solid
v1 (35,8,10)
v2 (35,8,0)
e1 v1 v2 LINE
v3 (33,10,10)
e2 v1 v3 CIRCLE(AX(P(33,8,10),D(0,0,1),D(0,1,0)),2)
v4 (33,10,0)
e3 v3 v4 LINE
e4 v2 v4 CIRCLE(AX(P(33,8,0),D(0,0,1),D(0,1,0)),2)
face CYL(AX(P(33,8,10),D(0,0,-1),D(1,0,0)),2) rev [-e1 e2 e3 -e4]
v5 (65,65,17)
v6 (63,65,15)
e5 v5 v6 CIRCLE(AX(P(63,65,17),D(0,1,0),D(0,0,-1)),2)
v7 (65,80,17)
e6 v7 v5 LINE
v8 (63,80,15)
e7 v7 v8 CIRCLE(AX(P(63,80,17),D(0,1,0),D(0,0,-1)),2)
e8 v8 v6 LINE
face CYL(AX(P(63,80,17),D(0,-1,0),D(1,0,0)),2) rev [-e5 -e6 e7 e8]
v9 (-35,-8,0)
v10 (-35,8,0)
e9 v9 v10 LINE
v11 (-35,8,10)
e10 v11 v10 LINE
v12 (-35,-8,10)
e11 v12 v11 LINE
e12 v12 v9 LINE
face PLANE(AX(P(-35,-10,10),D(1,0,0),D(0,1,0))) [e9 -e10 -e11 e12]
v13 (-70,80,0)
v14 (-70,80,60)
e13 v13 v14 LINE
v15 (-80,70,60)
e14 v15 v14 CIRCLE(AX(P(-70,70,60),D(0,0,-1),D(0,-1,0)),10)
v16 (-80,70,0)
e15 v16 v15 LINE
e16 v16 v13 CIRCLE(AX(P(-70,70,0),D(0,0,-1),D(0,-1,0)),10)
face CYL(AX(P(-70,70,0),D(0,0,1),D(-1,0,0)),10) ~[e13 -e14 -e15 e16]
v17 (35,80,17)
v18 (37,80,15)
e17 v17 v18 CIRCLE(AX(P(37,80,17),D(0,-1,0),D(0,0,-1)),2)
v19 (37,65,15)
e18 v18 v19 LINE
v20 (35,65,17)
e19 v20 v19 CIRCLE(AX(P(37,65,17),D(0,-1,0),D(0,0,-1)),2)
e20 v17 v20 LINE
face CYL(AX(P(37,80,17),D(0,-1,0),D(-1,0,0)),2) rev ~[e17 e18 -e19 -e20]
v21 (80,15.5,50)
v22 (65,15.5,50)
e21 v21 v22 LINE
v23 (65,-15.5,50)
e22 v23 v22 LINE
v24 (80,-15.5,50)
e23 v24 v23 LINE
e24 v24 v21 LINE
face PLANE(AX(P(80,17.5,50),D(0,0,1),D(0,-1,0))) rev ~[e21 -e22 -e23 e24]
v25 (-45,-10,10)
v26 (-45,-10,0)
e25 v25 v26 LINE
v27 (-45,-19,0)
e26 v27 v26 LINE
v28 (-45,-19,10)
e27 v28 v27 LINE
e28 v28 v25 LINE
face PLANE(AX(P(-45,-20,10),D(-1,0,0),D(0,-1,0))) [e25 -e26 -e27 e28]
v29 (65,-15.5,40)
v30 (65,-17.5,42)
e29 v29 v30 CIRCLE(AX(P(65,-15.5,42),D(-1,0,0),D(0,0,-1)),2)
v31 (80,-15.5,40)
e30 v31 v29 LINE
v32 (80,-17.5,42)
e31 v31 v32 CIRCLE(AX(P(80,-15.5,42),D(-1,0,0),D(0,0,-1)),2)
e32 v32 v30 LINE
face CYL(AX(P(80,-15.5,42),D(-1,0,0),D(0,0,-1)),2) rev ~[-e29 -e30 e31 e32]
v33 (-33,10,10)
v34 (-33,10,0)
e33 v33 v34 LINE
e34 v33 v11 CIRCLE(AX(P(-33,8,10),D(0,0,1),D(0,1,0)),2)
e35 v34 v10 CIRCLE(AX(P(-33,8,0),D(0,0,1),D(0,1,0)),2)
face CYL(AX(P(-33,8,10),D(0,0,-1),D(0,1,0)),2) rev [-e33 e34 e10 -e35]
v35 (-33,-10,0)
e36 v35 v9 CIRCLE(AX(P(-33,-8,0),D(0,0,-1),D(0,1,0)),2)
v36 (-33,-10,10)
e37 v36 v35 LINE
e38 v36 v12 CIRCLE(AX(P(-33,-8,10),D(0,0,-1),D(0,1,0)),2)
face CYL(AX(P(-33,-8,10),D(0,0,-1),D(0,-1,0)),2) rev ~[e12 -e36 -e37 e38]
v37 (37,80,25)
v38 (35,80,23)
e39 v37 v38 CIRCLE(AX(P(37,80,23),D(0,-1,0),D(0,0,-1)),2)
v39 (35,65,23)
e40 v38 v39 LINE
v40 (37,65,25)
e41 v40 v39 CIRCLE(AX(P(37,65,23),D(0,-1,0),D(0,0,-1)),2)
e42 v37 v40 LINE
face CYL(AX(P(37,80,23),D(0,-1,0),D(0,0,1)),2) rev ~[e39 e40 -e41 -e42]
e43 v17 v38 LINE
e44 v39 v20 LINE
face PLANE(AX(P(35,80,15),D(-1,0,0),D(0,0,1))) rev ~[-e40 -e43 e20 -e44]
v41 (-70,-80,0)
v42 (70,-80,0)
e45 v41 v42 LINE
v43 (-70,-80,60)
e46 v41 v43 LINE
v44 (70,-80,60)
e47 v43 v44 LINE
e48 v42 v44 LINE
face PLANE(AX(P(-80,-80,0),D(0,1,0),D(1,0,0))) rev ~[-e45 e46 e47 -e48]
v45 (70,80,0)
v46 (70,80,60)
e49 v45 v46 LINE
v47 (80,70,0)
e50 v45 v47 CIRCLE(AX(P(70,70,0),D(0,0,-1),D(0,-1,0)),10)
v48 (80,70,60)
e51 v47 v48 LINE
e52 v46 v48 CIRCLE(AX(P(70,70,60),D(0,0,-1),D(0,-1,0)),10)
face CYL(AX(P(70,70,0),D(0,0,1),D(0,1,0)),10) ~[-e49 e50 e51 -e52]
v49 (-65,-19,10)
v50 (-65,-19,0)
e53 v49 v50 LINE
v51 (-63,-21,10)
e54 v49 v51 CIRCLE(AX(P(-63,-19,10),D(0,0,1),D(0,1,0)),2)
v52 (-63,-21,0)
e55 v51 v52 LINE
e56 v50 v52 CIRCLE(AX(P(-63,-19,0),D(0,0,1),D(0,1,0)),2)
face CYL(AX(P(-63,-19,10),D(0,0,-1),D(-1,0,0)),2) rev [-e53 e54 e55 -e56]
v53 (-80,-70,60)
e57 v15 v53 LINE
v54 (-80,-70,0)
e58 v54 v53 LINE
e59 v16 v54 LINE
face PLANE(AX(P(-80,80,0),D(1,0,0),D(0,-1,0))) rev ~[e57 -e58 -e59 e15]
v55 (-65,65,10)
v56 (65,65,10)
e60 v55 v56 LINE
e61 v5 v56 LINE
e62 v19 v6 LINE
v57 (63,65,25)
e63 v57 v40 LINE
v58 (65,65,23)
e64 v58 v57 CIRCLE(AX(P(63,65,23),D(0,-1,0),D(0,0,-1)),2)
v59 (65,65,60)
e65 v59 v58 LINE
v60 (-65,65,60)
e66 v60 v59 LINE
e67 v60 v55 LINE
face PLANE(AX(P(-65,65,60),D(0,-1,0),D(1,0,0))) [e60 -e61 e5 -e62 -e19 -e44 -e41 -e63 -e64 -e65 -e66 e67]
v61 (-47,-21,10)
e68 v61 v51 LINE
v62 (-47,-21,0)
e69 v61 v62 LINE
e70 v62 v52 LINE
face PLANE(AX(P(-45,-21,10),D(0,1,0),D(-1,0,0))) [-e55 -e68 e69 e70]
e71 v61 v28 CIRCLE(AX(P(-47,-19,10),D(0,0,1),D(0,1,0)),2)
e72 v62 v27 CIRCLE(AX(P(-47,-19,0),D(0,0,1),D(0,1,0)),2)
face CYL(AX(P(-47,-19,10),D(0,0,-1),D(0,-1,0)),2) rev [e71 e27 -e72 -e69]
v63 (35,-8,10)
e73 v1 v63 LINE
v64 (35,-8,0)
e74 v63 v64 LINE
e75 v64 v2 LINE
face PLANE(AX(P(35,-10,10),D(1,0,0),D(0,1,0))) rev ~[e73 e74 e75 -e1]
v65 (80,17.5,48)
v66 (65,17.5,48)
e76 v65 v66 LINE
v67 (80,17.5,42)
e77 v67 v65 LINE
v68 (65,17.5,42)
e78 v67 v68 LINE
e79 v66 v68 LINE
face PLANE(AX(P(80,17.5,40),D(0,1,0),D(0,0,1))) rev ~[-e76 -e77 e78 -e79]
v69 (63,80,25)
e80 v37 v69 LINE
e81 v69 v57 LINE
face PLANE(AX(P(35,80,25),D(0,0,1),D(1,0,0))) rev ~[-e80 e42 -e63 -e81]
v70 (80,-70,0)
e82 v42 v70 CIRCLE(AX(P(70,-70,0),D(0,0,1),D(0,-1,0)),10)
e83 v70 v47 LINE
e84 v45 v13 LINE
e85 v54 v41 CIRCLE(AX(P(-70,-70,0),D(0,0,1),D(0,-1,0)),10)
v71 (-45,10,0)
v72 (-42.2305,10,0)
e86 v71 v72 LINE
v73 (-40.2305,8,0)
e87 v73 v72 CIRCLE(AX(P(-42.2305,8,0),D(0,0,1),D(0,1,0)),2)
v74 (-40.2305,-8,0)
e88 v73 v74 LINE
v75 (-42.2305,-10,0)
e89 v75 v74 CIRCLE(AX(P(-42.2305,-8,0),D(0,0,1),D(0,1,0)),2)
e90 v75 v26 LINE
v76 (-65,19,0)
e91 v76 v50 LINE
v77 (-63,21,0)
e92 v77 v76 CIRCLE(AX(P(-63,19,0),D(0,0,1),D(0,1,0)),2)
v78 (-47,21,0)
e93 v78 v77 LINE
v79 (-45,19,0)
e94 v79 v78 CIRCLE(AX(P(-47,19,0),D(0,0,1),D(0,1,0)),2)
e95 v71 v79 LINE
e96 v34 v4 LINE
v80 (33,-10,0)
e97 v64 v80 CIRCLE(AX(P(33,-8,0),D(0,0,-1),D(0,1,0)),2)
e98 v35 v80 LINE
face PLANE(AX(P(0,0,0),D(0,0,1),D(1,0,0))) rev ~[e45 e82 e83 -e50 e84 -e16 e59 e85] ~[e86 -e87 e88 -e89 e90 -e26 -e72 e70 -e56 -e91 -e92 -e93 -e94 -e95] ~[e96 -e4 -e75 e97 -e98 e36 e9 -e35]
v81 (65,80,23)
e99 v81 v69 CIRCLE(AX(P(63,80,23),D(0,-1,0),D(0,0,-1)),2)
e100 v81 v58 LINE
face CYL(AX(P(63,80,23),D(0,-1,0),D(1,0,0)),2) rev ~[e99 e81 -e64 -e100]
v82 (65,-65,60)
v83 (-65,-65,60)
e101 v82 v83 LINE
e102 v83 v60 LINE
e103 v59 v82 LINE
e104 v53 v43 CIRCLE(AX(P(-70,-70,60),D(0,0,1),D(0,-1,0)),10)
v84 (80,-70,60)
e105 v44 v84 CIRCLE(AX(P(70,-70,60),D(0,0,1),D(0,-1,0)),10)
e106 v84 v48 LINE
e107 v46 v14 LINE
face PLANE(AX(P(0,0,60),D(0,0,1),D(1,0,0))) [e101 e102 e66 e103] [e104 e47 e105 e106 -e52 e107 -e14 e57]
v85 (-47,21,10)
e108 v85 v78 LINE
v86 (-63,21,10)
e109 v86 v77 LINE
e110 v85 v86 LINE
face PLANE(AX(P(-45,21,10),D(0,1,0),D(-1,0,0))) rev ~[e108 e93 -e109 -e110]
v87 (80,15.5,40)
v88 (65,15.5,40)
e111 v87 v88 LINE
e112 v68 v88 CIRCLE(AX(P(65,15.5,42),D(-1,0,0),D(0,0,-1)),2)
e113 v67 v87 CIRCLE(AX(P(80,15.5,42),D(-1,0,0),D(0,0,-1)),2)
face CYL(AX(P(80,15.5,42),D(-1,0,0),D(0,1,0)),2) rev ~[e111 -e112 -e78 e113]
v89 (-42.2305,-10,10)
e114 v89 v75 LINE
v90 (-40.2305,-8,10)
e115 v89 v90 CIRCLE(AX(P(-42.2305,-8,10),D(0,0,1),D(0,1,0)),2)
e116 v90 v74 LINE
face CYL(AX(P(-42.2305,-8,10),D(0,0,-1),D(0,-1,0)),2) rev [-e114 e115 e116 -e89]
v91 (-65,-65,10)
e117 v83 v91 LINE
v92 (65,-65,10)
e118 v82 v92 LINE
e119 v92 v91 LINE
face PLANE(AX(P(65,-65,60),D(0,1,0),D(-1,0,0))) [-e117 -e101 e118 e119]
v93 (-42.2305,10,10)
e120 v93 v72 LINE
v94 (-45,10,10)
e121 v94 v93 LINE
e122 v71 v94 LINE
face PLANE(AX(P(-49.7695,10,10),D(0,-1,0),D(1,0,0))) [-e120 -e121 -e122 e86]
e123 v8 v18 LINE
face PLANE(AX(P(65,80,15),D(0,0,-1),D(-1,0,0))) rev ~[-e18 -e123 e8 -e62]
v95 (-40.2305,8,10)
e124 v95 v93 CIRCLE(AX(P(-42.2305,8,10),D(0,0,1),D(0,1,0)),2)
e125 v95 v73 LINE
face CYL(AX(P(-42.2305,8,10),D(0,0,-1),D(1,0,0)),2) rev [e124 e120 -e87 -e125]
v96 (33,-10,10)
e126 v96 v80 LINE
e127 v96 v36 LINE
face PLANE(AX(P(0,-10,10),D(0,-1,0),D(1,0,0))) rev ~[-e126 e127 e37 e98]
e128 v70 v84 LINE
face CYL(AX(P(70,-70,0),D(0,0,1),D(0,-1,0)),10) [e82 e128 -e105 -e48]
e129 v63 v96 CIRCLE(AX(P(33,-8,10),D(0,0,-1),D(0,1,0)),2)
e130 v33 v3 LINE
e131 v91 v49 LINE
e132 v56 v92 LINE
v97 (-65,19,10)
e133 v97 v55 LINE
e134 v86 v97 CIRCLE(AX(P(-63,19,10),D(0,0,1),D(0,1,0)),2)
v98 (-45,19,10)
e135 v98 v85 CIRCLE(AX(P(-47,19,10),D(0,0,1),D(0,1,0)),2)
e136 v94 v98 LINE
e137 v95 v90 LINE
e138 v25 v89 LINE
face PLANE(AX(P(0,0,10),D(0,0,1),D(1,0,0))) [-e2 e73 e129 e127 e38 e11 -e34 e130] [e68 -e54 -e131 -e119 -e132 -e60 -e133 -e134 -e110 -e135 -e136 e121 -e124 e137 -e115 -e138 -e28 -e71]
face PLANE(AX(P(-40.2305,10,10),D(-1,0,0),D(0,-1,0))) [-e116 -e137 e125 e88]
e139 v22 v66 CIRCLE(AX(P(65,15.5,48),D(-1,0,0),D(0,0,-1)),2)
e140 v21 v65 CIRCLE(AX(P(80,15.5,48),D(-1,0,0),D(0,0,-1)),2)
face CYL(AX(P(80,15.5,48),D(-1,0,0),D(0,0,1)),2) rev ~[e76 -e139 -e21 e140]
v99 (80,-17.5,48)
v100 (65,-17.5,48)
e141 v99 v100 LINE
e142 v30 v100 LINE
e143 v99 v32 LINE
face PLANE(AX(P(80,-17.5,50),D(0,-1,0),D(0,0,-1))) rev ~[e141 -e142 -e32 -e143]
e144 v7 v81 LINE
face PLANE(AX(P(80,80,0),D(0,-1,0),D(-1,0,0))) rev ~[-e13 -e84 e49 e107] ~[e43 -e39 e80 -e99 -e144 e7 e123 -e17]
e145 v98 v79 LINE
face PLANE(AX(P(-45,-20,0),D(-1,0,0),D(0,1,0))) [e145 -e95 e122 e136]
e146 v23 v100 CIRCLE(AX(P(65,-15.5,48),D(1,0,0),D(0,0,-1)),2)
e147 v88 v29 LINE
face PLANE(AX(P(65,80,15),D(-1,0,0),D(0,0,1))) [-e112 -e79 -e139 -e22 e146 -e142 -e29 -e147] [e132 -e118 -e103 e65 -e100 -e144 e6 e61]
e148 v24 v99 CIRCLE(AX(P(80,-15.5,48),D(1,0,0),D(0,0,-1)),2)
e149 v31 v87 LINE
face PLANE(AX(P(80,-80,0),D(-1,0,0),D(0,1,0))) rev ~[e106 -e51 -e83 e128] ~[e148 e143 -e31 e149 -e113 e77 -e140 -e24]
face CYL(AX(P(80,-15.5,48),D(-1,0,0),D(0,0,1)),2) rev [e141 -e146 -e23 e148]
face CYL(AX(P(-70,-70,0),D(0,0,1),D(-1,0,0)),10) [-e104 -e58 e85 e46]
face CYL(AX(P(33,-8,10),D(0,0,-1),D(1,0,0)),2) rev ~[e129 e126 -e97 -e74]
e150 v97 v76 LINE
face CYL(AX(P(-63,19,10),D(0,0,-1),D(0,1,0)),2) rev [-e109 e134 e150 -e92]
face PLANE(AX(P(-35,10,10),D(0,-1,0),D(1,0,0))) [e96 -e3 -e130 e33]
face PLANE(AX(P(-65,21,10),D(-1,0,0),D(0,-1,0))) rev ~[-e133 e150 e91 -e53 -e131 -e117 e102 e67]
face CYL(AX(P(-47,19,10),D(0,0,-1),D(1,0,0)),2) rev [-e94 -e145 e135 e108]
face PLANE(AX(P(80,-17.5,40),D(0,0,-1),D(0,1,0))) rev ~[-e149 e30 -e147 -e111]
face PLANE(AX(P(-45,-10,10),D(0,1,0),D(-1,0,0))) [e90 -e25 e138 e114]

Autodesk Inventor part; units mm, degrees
ref_plane "YZ Plane" through (0, 0, 0) normal (1, 0, 0) x (0, 1, 0)
ref_plane "XZ Plane" through (0, 0, 0) normal (0, 1, 0) x (-1, 0, 0)
ref_plane "XY Plane" through (0, 0, 0) normal (0, 0, 1) x (1, 0, 0)
sketch "Sketch1" plane through (0, 0, 0) normal (0, 0, 1) x (1, 0, 0)
  line L0 (-80, -80) -> (80, -80)
  line L1 (80, -80) -> (80, 80)
  line L2 (80, 80) -> (-80, 80)
  line L3 (-80, 80) -> (-80, -80)
  line L4 (-80, -80) -> (80, 80) construction
  line L5 (80, -80) -> (-80, 80) construction
  point P0 (0, 0)
  dimension "d0" = 160
  dimension "d1" = 160
extrude "Extrusion1" add sketch "Sketch1" along normal blind 60
sketch "Sketch2" plane through (0, 0, 60) normal (0, 0, 1) x (1, 0, 0)
  line L0 (-65, 65) -> (65, 65)
  line L1 (65, 65) -> (65, -65)
  line L2 (65, -65) -> (-65, -65)
  line L3 (-65, -65) -> (-65, 65)
  point P0 (0, 0)
  point P1 (-80, 80)
  point P2 (-80, -80)
  point P3 (80, -80)
extrude "Extrusion2" cut sketch "Sketch2" against normal blind 50
sketch "Sketch18" plane through (0, 0, 0) normal (0, 0, -1) x (-1, 0, 0)
  line L0 (80, 80) -> (80, -80)
  line L1 (80, 80) -> (80, -80) projected
  line L2 (45, 20) -> (65, 20)
  line L3 (65, 20) -> (65, -20)
  line L4 (65, -20) -> (45, -20)
  line L5 (45, -20) -> (45, 20)
  line L6 (45, 20) -> (65, -20) construction
  line L7 (65, 20) -> (45, -20) construction
  point P0 (0, 0)
  dimension "d40" = 20
  dimension "d41" = 40
extrude "Extrusion5" cut sketch "Sketch18" against normal blind 20
sketch "Sketch26" plane through (-78, 80, 0) normal (0, 1, 0) x (1, 0, 0)
  line L0 (143, -12) -> (143, -18) projected
  line L1 (143, -15) -> (113, -15)
  line L2 (113, -15) -> (113, -25)
  line L3 (113, -25) -> (143, -25)
  line L4 (143, -25) -> (143, -15)
  point P0 (78, 0)
  dimension "d65" = 30
  dimension "d66" = 10
extrude "Extrusion9" cut sketch "Sketch26" against normal blind 20
fillet "Fillet4" radius 2 4 edges at (65, 72.5, 25) (65, 72.5, 15) (35, 72.5, 25) (35, 72.5, 15)
sketch "Sketch36" plane through (0, 0, 10) normal (0, 0, 1) x (1, 0, 0)
  line L0 (0, -10) -> (35, -10)
  line L1 (35, -10) -> (35, 0)
  line L2 (-35, 10) -> (35, 10)
  line L3 (35, 10) -> (35, -10)
  line L4 (35, -10) -> (-35, -10)
  line L5 (-35, -10) -> (-35, 10)
  line L6 (-35, 10) -> (35, -10) construction
  line L7 (35, 10) -> (-35, -10) construction
  point P0 (0, 0)
  dimension "d75" = 10
  dimension "d76" = 35
  dimension "d77" = 10
extrude "Extrusion11" cut sketch "Sketch36" against normal blind 20
sketch "Sketch37" plane through (0, 0, 10) normal (0, 0, 1) x (1, 0, 0)
  line L0 (-49.7695, 10) -> (-40.2305, 10)
  line L1 (-40.2305, 10) -> (-40.2305, -10)
  line L2 (-40.2305, -10) -> (-49.7695, -10)
  line L3 (-49.7695, -10) -> (-49.7695, 10)
  line L4 (-45, 20) -> (-45, -20) projected
  line L5 (-49.7695, 10) -> (-40.2305, -10) construction
  line L6 (-40.2305, 10) -> (-49.7695, -10) construction
  point P0 (0, 0)
  point P1 (-45, 0)
  point P2 (-45, 18)
  point P3 (-45, -18)
extrude "Extrusion12" cut sketch "Sketch37" against normal blind 20
fillet "Fillet6" radius 2 4 edges at (35, 10, 5) (35, -10, 5) (-35, -10, 5) (-35, 10, 5)
fillet "Fillet7" radius 10 4 edges at (80, 80, 30) (-80, 80, 30) (-80, -80, 30) (80, -80, 30)
fillet "Fillet8" radius 2 2 edges at (-40.2305, 10, 5) (-40.2305, -10, 5)
sketch "Sketch46" plane through (0, 0, 10) normal (0, 0, 1) x (1, 0, 0)
  line L0 (-65, 20) -> (-45, 20) projected
  line L1 (-45, 20) -> (-45, 21)
  line L2 (-45, -20) -> (-45, -10) projected
  line L3 (-45, -20) -> (-45, -21)
  line L4 (-45, -21) -> (-65, -21)
  line L5 (-65, -21) -> (-65, -20)
  line L6 (-65, -20) -> (-45, -20)
  line L7 (-45, -20) -> (-45, -21)
  line L8 (-45, 21) -> (-65, 21)
  line L9 (-65, 21) -> (-65, 20)
  line L10 (-65, 20) -> (-45, 20)
  line L11 (-45, 20) -> (-45, 21)
  point P0 (0, 0)
  dimension "d87" = 1
  dimension "d88" = 1
  dimension "d89" = 20
  dimension "d90" = 1
  dimension "d91" = 20
  dimension "d92" = 1
extrude "Extrusion13" cut sketch "Sketch46" against normal blind 10
fillet "Fillet9" radius 2 4 edges at (-45, 21, 5) (-65, 21, 5) (-65, -21, 5) (-45, -21, 5)
sketch "Sketch51" plane through (80, -70, 0) normal (1, 0, 0) x (0, 0, -1)
  line L0 (-60, 5) -> (-60, 135) projected
  line L1 (-60, 70) -> (-45, 70)
  line L2 (-50, 52.5) -> (-40, 52.5)
  line L3 (-40, 52.5) -> (-40, 87.5)
  line L4 (-40, 87.5) -> (-50, 87.5)
  line L5 (-50, 87.5) -> (-50, 52.5)
  line L6 (-50, 52.5) -> (-40, 87.5) construction
  line L7 (-40, 52.5) -> (-50, 87.5) construction
  point P0 (0, 70)
  dimension "d103" = 15
  dimension "d104" = 10
  dimension "d105" = 35
extrude "Extrusion14" cut sketch "Sketch51" against normal blind 30
fillet "Fillet10" radius 2 4 edges at (72.5, -17.5, 40) (72.5, -17.5, 50) (72.5, 17.5, 40) (72.5, 17.5, 50)
